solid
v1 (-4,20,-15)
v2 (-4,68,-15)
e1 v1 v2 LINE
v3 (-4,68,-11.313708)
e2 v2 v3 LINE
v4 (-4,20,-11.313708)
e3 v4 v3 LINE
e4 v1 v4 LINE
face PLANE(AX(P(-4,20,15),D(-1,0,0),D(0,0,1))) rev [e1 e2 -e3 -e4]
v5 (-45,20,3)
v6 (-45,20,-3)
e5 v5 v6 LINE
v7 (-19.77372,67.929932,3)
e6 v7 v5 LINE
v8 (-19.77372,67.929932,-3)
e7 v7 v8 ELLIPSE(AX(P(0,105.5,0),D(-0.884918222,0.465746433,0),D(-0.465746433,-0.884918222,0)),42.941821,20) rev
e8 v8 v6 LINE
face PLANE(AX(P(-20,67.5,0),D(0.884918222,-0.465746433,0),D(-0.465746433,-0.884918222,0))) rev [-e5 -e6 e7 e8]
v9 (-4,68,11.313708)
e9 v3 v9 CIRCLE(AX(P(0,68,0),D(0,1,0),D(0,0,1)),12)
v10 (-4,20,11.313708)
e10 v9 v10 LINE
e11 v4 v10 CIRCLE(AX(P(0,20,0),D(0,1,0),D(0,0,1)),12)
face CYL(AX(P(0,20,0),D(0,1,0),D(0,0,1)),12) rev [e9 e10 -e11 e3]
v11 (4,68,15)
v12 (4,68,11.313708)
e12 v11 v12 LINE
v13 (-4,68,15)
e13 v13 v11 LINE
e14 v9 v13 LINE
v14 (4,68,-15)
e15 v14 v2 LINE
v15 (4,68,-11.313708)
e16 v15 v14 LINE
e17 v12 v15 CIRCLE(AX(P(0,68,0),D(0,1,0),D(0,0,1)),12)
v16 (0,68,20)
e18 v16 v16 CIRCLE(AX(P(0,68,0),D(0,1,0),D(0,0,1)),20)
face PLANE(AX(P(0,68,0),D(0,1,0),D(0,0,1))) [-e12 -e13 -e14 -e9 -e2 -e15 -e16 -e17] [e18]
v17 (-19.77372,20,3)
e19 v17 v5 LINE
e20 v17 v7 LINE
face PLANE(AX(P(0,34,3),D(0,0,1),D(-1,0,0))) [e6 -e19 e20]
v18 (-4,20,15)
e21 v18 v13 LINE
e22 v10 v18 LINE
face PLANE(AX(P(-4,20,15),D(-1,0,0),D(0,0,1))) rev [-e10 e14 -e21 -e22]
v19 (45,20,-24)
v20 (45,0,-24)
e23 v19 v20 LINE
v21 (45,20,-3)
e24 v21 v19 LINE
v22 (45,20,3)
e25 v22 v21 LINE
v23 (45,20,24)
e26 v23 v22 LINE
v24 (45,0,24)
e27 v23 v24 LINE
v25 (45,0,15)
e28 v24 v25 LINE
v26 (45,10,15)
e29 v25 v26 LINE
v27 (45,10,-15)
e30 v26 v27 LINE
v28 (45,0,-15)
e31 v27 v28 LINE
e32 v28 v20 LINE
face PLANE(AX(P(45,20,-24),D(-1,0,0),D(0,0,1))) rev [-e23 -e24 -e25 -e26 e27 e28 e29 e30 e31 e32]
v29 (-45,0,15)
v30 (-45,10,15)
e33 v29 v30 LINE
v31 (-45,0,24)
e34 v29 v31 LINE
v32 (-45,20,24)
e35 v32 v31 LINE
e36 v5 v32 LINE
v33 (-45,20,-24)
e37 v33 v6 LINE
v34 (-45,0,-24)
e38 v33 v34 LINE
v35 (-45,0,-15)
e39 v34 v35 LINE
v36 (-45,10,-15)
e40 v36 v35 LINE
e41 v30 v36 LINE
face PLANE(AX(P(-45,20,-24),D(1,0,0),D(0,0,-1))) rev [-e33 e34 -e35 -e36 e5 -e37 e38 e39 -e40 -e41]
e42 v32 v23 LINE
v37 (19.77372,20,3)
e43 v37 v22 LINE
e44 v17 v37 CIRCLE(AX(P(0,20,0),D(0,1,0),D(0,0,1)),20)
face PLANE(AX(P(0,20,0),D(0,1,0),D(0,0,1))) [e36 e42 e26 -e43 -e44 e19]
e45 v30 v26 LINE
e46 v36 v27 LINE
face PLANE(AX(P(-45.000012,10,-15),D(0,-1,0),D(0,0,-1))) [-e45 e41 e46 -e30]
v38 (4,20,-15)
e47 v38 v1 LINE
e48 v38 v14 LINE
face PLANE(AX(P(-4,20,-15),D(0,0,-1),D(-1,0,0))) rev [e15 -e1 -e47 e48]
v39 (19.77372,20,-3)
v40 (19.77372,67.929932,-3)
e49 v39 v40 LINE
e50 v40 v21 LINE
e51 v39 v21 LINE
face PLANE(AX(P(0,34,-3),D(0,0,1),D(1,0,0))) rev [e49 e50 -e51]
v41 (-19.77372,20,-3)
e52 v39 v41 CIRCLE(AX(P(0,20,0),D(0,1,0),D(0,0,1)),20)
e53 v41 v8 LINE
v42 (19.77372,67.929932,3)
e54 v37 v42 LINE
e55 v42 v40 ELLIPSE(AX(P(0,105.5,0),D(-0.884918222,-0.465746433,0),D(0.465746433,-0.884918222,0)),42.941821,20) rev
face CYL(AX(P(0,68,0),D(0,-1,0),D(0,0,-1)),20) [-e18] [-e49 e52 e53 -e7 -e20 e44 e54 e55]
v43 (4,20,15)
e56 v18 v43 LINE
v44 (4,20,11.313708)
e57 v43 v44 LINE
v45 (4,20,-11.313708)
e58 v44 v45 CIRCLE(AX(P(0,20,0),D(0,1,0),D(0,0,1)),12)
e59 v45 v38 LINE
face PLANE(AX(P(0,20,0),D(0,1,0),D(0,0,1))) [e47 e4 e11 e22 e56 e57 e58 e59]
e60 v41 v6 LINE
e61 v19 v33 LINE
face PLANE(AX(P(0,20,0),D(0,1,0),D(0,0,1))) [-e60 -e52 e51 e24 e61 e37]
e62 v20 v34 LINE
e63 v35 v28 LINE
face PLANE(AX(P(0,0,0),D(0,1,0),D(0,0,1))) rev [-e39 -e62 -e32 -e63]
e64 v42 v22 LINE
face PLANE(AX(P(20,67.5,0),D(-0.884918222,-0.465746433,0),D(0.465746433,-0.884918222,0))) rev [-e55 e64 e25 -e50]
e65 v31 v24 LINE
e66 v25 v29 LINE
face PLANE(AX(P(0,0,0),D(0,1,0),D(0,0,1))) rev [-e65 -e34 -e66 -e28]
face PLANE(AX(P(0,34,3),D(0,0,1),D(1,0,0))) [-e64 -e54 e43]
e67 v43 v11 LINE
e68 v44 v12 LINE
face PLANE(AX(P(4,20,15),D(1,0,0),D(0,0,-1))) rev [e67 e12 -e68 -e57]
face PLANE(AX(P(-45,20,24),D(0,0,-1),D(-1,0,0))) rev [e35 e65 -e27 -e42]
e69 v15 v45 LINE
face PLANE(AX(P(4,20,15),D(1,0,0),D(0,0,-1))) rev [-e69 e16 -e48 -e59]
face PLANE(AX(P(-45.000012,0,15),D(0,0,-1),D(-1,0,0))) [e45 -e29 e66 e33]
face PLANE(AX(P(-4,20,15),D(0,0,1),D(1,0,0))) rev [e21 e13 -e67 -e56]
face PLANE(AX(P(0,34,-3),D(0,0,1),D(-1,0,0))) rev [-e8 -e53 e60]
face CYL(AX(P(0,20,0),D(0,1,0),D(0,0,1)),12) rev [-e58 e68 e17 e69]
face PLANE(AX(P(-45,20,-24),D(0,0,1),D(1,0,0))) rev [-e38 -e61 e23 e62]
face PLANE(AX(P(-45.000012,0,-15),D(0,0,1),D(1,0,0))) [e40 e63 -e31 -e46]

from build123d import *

# Parameters (mm, degrees)
SKETCH1_W               = 90
SKETCH1_H               = 48
BOSS_EXTRUDE1_DEPTH     = 20
SKETCH2_R               = 20
BOSS_EXTRUDE2_DEPTH     = 48
SKETCH3_R               = 12
CUT_EXTRUDE1_DEPTH      = 48
SKETCH4_W               = 8
SKETCH4_H               = 30
CUT_EXTRUDE2_DEPTH      = 48
SKETCH5_W               = 30
SKETCH5_H               = 10
CUT_EXTRUDE4_DEPTH      = 116.325625947
CUT_EXTRUDE4_DEPTH_BACK = 116.325625947
RIB5_REACH              = 87
SKETCH7_WALL_W          = 225.677276384
SKETCH7_WALL_H          = 6


with BuildPart() as part:
    # Sketch1 → Boss-Extrude1 (new body)
    with BuildSketch(Plane(origin=(0, 0, 0), x_dir=(1, 0, 0), z_dir=(0, 1, 0))):
        Rectangle(SKETCH1_W, SKETCH1_H)
    extrude(amount=BOSS_EXTRUDE1_DEPTH)

    # Sketch2 → Boss-Extrude2 (add)
    with BuildSketch(Plane(origin=(0, 20, 0), x_dir=(1, 0, 0), z_dir=(0, 1, 0))):
        with Locations(Location((0, 0, 0), (0, 0, 270))):
            Circle(SKETCH2_R)
    extrude(amount=BOSS_EXTRUDE2_DEPTH)

    # Sketch3 → Cut-Extrude1 (cut)
    with BuildSketch(Plane(origin=(0, 68, 0), x_dir=(1, 0, 0), z_dir=(0, 1, 0))):
        with Locations(Location((0, 0, 0), (0, 0, 270))):
            Circle(SKETCH3_R)
    extrude(amount=-CUT_EXTRUDE1_DEPTH, mode=Mode.SUBTRACT)

    # Sketch4 → Cut-Extrude2 (cut)
    with BuildSketch(Plane(origin=(0, 68, 0), x_dir=(1, 0, 0), z_dir=(0, 1, 0))):
        Rectangle(SKETCH4_W, SKETCH4_H)
    extrude(amount=-CUT_EXTRUDE2_DEPTH, mode=Mode.SUBTRACT)

    # Sketch5 → Cut-Extrude4 (cut, two sides)
    with BuildSketch(Plane.ZY.offset(45)) as cut_extrude4_sk:
        with Locations((0, 5)):
            Rectangle(SKETCH5_W, SKETCH5_H)
    extrude(amount=CUT_EXTRUDE4_DEPTH, mode=Mode.SUBTRACT)
    extrude(cut_extrude4_sk.sketch, amount=-CUT_EXTRUDE4_DEPTH_BACK, mode=Mode.SUBTRACT)

    # Sketch7 wall → Rib5 (add, up to next)
    with BuildSketch(Plane(origin=(32.5, 43.75, 0), x_dir=(0.465746432833, -0.884918222382, 0), z_dir=(0.884918222382, 0.465746432833, 0)), mode=Mode.PRIVATE) as rib5_sk1:
        Rectangle(SKETCH7_WALL_W, SKETCH7_WALL_H)
    rib5_tool1 = extrude(rib5_sk1.sketch, amount=-RIB5_REACH, mode=Mode.PRIVATE) - part.part
    add(rib5_tool1.solids().sort_by_distance((32.5, 43.75, 0))[0])

    # Mirror1: part across plane


with BuildPart() as part_1:
    add(part.part)
    add(part.part.mirror(Plane(origin=(0, 0, 0), x_dir=(0, 0, 1), z_dir=(1, 0, 0))))


solid = part_1.part
